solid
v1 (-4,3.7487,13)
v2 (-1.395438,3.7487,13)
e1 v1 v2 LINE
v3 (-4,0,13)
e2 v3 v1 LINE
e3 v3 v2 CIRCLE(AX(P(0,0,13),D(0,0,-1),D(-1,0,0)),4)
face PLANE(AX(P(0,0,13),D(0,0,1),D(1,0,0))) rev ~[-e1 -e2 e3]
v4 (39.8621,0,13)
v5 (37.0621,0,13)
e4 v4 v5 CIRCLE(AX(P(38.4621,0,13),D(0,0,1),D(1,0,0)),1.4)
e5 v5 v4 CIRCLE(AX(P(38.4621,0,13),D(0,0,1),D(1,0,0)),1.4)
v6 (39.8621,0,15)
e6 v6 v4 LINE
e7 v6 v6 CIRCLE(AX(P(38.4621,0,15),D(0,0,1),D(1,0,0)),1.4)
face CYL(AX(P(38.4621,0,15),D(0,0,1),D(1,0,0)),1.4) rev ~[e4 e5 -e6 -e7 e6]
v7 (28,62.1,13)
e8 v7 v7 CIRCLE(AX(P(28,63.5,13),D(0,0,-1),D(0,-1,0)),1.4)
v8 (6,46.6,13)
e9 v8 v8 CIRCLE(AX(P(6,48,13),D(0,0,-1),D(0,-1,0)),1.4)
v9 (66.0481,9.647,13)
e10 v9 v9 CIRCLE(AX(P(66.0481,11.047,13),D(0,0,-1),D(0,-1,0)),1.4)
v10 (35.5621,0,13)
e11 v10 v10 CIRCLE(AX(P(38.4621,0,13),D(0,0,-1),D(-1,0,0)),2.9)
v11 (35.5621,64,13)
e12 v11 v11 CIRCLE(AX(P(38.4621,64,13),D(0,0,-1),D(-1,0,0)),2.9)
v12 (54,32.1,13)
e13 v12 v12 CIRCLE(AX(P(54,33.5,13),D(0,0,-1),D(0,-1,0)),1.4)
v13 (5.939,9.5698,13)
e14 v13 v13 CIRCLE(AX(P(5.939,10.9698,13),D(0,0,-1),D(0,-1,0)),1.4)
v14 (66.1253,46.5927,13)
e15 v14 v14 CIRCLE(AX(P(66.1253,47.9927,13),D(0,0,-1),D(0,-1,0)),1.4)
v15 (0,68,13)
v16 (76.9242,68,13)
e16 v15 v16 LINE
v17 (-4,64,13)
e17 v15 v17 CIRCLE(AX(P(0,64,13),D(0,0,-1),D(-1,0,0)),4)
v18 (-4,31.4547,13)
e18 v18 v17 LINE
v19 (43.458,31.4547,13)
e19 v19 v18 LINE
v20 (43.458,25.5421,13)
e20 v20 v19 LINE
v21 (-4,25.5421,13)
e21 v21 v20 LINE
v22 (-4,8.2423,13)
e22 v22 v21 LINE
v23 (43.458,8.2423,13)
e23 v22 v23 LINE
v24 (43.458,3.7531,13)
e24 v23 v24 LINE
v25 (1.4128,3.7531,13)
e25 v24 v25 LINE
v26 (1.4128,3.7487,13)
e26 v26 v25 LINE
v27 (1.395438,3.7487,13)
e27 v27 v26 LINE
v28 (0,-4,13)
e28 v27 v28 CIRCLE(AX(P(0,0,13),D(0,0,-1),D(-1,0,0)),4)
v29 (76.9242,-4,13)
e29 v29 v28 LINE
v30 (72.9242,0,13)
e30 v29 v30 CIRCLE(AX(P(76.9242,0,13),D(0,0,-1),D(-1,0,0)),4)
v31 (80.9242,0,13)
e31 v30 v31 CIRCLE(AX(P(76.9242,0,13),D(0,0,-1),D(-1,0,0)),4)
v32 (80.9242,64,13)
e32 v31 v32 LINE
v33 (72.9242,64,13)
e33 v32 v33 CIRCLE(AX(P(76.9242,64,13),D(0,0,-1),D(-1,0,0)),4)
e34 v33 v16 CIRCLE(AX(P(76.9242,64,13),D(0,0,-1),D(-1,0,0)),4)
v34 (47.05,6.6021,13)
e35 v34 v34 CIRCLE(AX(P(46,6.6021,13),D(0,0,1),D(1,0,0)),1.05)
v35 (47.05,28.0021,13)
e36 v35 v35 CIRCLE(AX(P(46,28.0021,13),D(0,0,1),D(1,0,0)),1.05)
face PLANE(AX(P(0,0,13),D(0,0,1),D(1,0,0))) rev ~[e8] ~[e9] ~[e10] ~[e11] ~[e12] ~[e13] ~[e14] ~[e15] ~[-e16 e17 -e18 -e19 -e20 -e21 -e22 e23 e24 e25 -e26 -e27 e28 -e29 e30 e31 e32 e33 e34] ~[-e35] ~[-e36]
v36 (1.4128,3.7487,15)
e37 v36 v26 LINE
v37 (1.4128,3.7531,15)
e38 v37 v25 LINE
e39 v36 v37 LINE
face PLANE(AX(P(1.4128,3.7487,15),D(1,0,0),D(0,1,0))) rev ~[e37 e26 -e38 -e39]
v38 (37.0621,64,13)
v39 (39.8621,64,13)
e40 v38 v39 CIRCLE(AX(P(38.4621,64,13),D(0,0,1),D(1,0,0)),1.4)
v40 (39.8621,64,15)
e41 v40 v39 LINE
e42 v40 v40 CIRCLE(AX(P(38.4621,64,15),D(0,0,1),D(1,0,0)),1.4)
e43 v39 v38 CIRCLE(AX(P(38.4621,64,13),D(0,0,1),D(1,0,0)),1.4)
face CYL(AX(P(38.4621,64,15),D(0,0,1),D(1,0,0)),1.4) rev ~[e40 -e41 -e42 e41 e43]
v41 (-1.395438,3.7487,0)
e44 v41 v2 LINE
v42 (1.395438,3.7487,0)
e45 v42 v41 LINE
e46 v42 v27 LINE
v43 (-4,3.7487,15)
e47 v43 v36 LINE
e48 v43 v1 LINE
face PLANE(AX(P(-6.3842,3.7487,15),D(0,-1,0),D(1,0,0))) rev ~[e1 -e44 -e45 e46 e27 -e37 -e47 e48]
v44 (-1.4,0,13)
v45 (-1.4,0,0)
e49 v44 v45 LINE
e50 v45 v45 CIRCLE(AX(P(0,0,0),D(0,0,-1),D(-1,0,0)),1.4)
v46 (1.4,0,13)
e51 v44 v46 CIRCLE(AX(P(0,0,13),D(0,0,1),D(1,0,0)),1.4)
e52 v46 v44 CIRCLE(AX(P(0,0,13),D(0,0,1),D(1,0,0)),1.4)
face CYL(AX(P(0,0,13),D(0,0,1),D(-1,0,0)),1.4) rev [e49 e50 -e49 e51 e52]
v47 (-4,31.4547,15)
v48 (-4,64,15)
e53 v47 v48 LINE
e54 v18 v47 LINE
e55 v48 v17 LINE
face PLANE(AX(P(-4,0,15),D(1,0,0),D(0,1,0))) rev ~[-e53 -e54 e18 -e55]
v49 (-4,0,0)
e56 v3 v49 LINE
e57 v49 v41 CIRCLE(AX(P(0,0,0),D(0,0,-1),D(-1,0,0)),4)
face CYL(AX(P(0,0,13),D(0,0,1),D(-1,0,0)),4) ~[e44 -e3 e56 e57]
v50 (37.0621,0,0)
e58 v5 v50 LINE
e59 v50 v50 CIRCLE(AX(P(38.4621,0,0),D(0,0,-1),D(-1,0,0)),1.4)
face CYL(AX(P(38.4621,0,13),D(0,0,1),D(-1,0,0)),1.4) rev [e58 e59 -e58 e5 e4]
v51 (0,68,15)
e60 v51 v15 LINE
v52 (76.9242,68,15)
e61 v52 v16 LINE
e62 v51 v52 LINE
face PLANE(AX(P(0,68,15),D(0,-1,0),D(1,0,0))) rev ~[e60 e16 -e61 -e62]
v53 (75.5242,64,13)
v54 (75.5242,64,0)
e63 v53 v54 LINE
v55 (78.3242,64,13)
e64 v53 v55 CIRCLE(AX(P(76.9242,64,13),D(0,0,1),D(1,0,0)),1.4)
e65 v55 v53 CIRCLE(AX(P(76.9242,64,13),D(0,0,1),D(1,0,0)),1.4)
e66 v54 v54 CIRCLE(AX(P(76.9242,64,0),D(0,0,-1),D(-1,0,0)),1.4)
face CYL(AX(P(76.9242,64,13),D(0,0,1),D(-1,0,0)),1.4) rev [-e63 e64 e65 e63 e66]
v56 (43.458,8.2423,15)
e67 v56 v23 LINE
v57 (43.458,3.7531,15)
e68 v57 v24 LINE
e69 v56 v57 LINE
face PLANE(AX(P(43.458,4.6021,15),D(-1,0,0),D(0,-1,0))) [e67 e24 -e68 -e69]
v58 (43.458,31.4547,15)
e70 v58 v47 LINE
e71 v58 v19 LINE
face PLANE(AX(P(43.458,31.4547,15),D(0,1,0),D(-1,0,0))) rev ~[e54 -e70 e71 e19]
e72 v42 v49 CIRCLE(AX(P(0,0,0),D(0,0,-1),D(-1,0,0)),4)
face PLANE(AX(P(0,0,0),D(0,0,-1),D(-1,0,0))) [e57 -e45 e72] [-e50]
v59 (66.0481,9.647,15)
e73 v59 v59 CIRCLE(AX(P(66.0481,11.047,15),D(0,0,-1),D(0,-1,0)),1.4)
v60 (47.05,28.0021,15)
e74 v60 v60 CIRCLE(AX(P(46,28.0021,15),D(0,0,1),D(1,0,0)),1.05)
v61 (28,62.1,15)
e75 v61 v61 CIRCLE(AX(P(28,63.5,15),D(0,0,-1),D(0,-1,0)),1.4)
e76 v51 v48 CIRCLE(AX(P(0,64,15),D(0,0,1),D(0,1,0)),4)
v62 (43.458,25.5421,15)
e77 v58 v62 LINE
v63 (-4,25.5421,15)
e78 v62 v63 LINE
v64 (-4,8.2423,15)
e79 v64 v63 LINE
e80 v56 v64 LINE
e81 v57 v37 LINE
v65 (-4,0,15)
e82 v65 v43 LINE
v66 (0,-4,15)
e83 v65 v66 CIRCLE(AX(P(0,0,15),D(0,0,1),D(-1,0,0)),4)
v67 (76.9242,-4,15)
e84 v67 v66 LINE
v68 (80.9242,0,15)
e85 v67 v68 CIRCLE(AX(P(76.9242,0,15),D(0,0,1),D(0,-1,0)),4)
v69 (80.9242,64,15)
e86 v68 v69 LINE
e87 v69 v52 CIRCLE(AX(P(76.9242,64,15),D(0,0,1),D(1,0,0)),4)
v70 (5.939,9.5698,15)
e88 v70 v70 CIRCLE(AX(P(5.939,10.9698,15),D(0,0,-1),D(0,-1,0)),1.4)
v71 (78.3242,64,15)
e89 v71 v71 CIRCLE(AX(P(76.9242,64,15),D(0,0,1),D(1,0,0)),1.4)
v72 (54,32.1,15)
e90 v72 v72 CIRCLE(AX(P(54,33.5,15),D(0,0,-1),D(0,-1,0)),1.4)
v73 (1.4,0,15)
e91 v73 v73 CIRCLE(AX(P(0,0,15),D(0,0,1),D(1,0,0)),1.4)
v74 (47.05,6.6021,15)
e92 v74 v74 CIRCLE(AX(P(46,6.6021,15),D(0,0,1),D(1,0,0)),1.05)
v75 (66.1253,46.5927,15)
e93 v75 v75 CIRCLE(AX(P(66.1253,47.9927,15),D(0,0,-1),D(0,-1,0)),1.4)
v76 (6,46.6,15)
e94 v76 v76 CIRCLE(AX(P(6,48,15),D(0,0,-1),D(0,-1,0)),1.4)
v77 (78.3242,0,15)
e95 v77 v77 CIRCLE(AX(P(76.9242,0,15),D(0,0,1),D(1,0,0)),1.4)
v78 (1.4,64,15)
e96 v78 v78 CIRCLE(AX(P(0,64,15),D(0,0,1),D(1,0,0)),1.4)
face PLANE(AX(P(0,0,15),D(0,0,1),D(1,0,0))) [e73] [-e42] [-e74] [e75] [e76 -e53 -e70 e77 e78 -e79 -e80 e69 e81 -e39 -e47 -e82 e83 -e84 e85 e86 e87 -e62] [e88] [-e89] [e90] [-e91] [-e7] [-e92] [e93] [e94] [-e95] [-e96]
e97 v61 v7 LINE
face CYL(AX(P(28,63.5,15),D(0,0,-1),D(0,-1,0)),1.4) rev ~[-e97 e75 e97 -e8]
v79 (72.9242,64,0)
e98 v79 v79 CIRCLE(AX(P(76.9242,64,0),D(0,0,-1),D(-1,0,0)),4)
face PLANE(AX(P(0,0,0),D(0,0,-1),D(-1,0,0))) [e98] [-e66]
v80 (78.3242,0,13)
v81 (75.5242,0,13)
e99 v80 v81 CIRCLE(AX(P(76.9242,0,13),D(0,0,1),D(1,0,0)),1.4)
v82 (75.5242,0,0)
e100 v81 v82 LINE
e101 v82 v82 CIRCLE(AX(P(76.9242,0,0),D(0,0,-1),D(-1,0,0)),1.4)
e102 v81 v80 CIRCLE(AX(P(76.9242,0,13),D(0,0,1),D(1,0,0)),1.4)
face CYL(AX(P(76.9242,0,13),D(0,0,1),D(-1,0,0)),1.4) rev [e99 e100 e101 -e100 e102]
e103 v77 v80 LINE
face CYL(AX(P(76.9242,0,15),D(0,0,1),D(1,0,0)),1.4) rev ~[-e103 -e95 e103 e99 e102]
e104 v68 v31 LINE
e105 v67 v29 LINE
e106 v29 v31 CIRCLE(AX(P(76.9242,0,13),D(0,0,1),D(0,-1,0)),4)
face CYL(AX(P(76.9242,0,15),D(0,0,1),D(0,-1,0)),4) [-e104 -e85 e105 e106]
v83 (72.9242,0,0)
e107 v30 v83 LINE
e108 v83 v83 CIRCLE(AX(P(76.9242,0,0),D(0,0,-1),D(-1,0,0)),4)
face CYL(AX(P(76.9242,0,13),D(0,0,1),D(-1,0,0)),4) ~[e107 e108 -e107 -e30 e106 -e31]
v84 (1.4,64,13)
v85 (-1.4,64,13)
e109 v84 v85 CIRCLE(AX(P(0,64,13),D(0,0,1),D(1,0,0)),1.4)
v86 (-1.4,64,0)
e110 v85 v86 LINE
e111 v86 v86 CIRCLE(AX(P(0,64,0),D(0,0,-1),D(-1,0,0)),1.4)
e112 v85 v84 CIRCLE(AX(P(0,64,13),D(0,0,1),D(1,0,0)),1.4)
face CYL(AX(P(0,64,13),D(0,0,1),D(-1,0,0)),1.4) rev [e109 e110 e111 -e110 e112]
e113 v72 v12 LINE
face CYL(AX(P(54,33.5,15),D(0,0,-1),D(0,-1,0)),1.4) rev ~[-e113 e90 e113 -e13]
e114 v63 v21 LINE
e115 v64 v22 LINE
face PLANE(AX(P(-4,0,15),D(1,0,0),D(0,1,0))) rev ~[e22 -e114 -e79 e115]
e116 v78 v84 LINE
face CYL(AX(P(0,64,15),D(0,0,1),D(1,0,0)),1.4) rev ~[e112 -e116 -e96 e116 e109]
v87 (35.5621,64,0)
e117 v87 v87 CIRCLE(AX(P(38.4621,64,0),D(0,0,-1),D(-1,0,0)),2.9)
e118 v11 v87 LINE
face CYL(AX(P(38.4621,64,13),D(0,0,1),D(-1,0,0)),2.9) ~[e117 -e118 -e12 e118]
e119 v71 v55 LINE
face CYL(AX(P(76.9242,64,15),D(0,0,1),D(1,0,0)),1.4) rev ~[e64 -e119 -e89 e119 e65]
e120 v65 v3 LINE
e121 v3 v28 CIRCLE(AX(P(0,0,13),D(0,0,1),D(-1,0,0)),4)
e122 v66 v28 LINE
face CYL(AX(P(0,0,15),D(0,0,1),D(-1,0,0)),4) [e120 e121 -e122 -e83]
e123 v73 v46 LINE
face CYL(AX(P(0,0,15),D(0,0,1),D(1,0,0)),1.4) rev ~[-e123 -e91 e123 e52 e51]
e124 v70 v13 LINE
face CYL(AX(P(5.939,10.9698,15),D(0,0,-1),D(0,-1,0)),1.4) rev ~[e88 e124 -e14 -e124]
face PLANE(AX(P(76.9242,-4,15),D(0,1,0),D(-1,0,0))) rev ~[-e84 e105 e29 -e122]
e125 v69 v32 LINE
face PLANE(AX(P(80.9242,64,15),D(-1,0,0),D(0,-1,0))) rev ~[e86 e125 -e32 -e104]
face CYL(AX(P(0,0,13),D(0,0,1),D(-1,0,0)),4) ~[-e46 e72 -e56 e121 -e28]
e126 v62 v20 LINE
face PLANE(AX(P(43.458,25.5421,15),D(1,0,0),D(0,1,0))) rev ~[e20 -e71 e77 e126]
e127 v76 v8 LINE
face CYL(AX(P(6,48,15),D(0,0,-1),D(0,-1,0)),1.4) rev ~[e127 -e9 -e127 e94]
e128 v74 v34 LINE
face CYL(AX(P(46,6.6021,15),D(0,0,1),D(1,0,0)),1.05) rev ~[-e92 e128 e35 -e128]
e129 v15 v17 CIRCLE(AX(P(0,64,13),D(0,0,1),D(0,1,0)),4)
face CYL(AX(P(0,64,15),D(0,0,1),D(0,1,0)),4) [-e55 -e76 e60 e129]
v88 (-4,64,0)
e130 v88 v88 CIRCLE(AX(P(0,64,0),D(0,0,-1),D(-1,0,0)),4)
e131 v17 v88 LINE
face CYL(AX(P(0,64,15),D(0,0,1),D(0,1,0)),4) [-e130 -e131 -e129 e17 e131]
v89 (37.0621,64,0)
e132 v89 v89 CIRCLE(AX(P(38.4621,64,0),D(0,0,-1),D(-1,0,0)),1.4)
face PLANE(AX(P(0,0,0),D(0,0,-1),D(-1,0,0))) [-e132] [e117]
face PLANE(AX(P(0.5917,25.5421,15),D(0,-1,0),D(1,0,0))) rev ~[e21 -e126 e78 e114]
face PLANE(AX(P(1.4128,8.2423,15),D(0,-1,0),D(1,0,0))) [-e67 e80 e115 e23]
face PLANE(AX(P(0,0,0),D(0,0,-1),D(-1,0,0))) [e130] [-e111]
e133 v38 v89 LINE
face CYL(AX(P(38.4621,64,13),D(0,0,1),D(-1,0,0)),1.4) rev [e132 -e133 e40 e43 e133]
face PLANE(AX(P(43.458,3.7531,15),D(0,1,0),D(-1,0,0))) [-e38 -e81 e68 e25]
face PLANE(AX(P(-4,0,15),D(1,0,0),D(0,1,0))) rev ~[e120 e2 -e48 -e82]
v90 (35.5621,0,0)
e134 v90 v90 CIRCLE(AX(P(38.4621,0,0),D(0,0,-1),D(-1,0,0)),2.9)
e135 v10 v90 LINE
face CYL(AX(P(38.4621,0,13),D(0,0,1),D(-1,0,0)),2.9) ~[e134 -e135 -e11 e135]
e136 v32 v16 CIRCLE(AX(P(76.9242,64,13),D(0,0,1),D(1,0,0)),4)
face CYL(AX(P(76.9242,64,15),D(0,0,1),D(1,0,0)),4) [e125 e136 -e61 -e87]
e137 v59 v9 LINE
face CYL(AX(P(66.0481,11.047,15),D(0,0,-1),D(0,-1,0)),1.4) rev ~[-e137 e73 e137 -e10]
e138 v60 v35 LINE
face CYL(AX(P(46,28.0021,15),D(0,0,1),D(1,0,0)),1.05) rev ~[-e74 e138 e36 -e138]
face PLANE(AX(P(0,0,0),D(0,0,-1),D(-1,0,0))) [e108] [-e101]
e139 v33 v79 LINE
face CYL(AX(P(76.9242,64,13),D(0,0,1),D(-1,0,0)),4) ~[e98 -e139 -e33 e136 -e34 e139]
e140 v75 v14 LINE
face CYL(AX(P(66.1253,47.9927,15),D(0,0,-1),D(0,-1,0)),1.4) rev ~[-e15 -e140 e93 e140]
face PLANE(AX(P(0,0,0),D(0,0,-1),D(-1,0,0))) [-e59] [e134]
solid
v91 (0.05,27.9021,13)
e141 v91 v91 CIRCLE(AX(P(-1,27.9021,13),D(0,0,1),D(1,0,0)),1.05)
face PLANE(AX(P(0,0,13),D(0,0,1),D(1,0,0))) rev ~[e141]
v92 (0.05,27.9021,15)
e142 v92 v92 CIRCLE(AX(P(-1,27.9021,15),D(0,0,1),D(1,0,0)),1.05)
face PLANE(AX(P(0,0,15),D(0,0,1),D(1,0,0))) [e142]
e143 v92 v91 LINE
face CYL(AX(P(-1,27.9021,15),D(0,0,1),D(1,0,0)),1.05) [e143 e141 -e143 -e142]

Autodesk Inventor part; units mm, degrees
ref_plane "YZ Plane" through (0, 0, 0) normal (1, 0, 0) x (0, 1, 0)
ref_plane "XZ Plane" through (0, 0, 0) normal (0, 1, 0) x (-1, 0, 0)
ref_plane "Work Plane1" through (0, 0, 15) normal (0, 0, 1) x (1, 0, 0)
sketch "Sketch1" plane through (0, 0, 15) normal (0, 0, 1) x (1, 0, 0)
  circle A0 centre (0, 64) radius 1.4 projected
  circle A1 centre (0, 0) radius 1.4 projected
  circle A2 centre (38.4621, 0) radius 1.4 projected
  circle A3 centre (76.9242, 0) radius 1.4 projected
  circle A4 centre (76.9242, 64) radius 1.4 projected
  circle A5 centre (38.4621, 64) radius 1.4 projected
  circle A6 centre (-0.5, 56.5) radius 1.375 projected
  circle A7 centre (-0.5, 7.5) radius 1.375 projected
  circle A8 centre (57.5, 7.5) radius 1.375 projected
  circle A9 centre (57.5, 56.5) radius 1.375 projected
  line L0 (0, 68) -> (76.9242, 68) projected
  arc A10 (80.9242, 64) -> (76.9242, 68) centre (76.9242, 64) ccw projected
  line L1 (80.9242, 64) -> (80.9242, 0) projected
  arc A11 (76.9242, -4) -> (80.9242, 0) centre (76.9242, 0) ccw projected
  line L2 (76.9242, -4) -> (0, -4) projected
  arc A12 (-4, 0) -> (0, -4) centre (0, 0) ccw projected
  line L3 (-4, 0) -> (-4, 64) projected
  arc A13 (0, 68) -> (-4, 64) centre (0, 64) ccw projected
  line L4 (57.5, 60.619) -> (2.1636, 60.619)
  line L5 (2.1636, 60.619) -> (2.1636, 51.644)
  line L6 (2.1636, 51.644) -> (57.5, 51.644)
  line L7 (57.5, 51.644) -> (57.5, 60.619)
  line L8 (80.9242, 59.8893) -> (61.2665, 59.8893)
  line L9 (61.2665, 59.8893) -> (61.2665, 4.7989)
  line L10 (61.2665, 4.7989) -> (80.9242, 4.7989)
  line L11 (80.9242, 4.7989) -> (80.9242, 59.8893)
  point P0 (0, 0)
extrude "Extrusion1" add sketch "Sketch1" against normal blind 2 contours A6 | A7 | A8 | A9 L7 | L7 A9 | A9 L7 L6 L5 L4 | L0 A10 L1 L8 L9 L10 A11 L2 A12 L3 A13 | L1 L10 L9 L8
sketch "Sketch2" plane through (0, 0, 13) normal (0, 0, -1) x (-1, 0, 0)
  circle A0 centre (-38.4621, 0) radius 2.9 projected
  circle A1 centre (-38.4621, 64) radius 2.9 projected
  circle A2 centre (0, 0) radius 1.4 projected
  circle A3 centre (-38.4621, 0) radius 1.4 projected
  circle A4 centre (-76.9242, 0) radius 1.4 projected
  circle A5 centre (-76.9242, 64) radius 1.4 projected
  circle A6 centre (-38.4621, 64) radius 1.4 projected
  circle A7 centre (0, 64) radius 1.4 projected
  circle A8 centre (-76.9242, 0) radius 4
  circle A9 centre (-76.9242, 64) radius 4
  circle A10 centre (0, 64) radius 4
  circle A11 centre (0, 0) radius 4
  point P0 (0, 0)
ref_plane "Work Plane2" through (-3.375, 53.625, 0) normal (0, 0, 1) x (1, 0, 0)
extrude "Extrusion2" add sketch "Sketch2" along normal up to surface (13 mm away)
fillet "Fillet1" [suppressed]
sketch "Sketch3" plane through (0, 0, 15) normal (0, 0, 1) x (1, 0, 0)
  circle A0 centre (46, 6.6021) radius 1.05 projected
  line L0 (48, 30.0021) -> (-9, 30.0021) projected
  line L1 (-9, 30.0021) -> (-9, 4.6021) projected
  line L2 (-9, 4.6021) -> (48, 4.6021) projected
  line L3 (48, 4.6021) -> (48, 30.0021) projected
  circle A1 centre (-1, 27.9021) radius 1.05 projected
  circle A2 centre (46, 6.6021) radius 1.05 projected
  circle A3 centre (46, 28.0021) radius 1.05 projected
  circle A4 centre (-0.5, 7.5) radius 1.375 projected
  line L4 (43.458, 3.7531) -> (1.4128, 3.7531)
  line L5 (1.4128, 3.7531) -> (1.4128, 8.2423)
  line L6 (1.4128, 8.2423) -> (43.458, 8.2423)
  line L7 (43.458, 8.2423) -> (43.458, 3.7531)
  line L8 (43.458, 31.4547) -> (0.5917, 31.4547)
  line L9 (0.5917, 31.4547) -> (0.5917, 25.5421)
  line L10 (0.5917, 25.5421) -> (43.458, 25.5421)
  line L11 (43.458, 25.5421) -> (43.458, 31.4547)
  line L12 (1.4128, 8.2423) -> (-6.3842, 8.2423)
  line L13 (-6.3842, 8.2423) -> (-6.3842, 3.7487)
  line L14 (-6.3842, 3.7487) -> (1.4128, 3.7487)
  line L15 (1.4128, 3.7487) -> (1.4128, 8.2423)
  line L16 (0.5917, 31.4547) -> (-8.8344, 31.4547)
  line L17 (-8.8344, 31.4547) -> (-8.8344, 25.5421)
  line L18 (-8.8344, 25.5421) -> (0.5917, 25.5421)
  line L19 (0.5917, 25.5421) -> (0.5917, 31.4547)
  point P0 (0, 0)
extrude "Extrusion3" cut sketch "Sketch3" against normal through all contours A0 | L11 L10 L9 L0 | L0 L9 L8 L11 | L9 L18 L17 L0 | L0 L17 L16 L9 | L7 L4 L5 L2 | L2 L5 L6 L7 | L5 L15 L14 L13 L2 | L2 L13 L12 A4 L5 | A4 L12 | A3 picked at (-0.5339, 7.4651)
sketch "Sketch4" plane through (0, 0, 15) normal (0, 0, 1) x (1, 0, 0)
  line L0 (76.9242, 68) -> (0, 68) projected
  line L1 (-4, 64) -> (-4, 0) projected
  point P0 (0, 0)
  point P1 (28, 63.5)
  point P2 (54, 33.5)
  dimension "d8" = 4.5
  dimension "d9" = 32
  dimension "d10" = 30
  dimension "d11" = 26
hole "Hole1" at (28, 63.5, 15) at (54, 33.5, 15) direction (0, 0, -1) diameter 2.8 depth 20 tip angle 118
sketch "Sketch5" plane through (0, 0, 15) normal (0, 0, 1) x (1, 0, 0)
  circle A0 centre (28, 63.5) radius 1.4 projected
  circle A1 centre (54, 33.5) radius 1.4 projected
  circle A2 centre (46, 28.0021) radius 1.05 projected
  line L0 (-4, 31.4547) -> (43.458, 31.4547) projected
  line L1 (43.458, 31.4547) -> (43.458, 25.5421) projected
  line L2 (43.458, 25.5421) -> (-4, 25.5421) projected
  line L3 (43.458, 8.2423) -> (43.458, 3.7531) projected
  line L4 (43.458, 3.7531) -> (1.4128, 3.7531) projected
  line L5 (-4, 8.2423) -> (43.458, 8.2423) projected
  circle A3 centre (46, 6.6021) radius 1.05 projected
  circle A4 centre (38.4621, 64) radius 1.4 projected
  circle A5 centre (76.9242, 64) radius 1.4 projected
  circle A6 centre (76.9242, 0) radius 1.4 projected
  circle A7 centre (38.4621, 0) radius 1.4 projected
  circle A8 centre (0, 0) radius 1.4 projected
  circle A9 centre (0, 64) radius 1.4 projected
  arc A10 (0, 68) -> (-4, 64) centre (0, 64) ccw projected
  line L6 (-4, 64) -> (-4, 31.4547) projected
  arc A11 (-4, 0) -> (0, -4) centre (0, 0) ccw projected
  line L7 (0, -4) -> (76.9242, -4) projected
  arc A12 (76.9242, -4) -> (80.9242, 0) centre (76.9242, 0) ccw projected
  line L8 (80.9242, 0) -> (80.9242, 64) projected
  arc A13 (80.9242, 64) -> (76.9242, 68) centre (76.9242, 64) ccw projected
  line L9 (76.9242, 68) -> (0, 68) projected
  line L10 (2.5222, 48) -> (62.5222, 48)
  line L11 (76.9242, 68) -> (0, 68) projected
  line L12 (-4, 64) -> (-4, 0) projected
  line L13 (6, 48) -> (66, 48)
  line L14 (6, 11) -> (66, 11)
  line L15 (0, -4) -> (76.9242, -4) projected
  line L16 (1.4128, 3.7531) -> (1.4128, 3.7487) projected
  line L17 (1.4128, 3.7487) -> (-4, 3.7487) projected
  line L18 (-4, 3.7487) -> (-4, 0) projected
  line L19 (-4, 25.5421) -> (-4, 8.2423) projected
  point P0 (0, 0)
  point P1 (66.1253, 47.9927)
  point P2 (66.0481, 11.047)
  point P3 (5.939, 10.9698)
  dimension "d19" = 60
  dimension "d20" = 20
  dimension "d21" = 90
  dimension "d22" = 10
  dimension "d23" = 60
  dimension "d24" = 15
hole "Hole2" at (6, 48, 15) at (66.1253, 47.9927, 15) at (66.0481, 11.047, 15) at (5.939, 10.9698, 15) direction (0, 0, -1) diameter 2.8 depth 20 tip angle 118
properties part number "cellSTORM_v5_Electronicbox_midlayer"
